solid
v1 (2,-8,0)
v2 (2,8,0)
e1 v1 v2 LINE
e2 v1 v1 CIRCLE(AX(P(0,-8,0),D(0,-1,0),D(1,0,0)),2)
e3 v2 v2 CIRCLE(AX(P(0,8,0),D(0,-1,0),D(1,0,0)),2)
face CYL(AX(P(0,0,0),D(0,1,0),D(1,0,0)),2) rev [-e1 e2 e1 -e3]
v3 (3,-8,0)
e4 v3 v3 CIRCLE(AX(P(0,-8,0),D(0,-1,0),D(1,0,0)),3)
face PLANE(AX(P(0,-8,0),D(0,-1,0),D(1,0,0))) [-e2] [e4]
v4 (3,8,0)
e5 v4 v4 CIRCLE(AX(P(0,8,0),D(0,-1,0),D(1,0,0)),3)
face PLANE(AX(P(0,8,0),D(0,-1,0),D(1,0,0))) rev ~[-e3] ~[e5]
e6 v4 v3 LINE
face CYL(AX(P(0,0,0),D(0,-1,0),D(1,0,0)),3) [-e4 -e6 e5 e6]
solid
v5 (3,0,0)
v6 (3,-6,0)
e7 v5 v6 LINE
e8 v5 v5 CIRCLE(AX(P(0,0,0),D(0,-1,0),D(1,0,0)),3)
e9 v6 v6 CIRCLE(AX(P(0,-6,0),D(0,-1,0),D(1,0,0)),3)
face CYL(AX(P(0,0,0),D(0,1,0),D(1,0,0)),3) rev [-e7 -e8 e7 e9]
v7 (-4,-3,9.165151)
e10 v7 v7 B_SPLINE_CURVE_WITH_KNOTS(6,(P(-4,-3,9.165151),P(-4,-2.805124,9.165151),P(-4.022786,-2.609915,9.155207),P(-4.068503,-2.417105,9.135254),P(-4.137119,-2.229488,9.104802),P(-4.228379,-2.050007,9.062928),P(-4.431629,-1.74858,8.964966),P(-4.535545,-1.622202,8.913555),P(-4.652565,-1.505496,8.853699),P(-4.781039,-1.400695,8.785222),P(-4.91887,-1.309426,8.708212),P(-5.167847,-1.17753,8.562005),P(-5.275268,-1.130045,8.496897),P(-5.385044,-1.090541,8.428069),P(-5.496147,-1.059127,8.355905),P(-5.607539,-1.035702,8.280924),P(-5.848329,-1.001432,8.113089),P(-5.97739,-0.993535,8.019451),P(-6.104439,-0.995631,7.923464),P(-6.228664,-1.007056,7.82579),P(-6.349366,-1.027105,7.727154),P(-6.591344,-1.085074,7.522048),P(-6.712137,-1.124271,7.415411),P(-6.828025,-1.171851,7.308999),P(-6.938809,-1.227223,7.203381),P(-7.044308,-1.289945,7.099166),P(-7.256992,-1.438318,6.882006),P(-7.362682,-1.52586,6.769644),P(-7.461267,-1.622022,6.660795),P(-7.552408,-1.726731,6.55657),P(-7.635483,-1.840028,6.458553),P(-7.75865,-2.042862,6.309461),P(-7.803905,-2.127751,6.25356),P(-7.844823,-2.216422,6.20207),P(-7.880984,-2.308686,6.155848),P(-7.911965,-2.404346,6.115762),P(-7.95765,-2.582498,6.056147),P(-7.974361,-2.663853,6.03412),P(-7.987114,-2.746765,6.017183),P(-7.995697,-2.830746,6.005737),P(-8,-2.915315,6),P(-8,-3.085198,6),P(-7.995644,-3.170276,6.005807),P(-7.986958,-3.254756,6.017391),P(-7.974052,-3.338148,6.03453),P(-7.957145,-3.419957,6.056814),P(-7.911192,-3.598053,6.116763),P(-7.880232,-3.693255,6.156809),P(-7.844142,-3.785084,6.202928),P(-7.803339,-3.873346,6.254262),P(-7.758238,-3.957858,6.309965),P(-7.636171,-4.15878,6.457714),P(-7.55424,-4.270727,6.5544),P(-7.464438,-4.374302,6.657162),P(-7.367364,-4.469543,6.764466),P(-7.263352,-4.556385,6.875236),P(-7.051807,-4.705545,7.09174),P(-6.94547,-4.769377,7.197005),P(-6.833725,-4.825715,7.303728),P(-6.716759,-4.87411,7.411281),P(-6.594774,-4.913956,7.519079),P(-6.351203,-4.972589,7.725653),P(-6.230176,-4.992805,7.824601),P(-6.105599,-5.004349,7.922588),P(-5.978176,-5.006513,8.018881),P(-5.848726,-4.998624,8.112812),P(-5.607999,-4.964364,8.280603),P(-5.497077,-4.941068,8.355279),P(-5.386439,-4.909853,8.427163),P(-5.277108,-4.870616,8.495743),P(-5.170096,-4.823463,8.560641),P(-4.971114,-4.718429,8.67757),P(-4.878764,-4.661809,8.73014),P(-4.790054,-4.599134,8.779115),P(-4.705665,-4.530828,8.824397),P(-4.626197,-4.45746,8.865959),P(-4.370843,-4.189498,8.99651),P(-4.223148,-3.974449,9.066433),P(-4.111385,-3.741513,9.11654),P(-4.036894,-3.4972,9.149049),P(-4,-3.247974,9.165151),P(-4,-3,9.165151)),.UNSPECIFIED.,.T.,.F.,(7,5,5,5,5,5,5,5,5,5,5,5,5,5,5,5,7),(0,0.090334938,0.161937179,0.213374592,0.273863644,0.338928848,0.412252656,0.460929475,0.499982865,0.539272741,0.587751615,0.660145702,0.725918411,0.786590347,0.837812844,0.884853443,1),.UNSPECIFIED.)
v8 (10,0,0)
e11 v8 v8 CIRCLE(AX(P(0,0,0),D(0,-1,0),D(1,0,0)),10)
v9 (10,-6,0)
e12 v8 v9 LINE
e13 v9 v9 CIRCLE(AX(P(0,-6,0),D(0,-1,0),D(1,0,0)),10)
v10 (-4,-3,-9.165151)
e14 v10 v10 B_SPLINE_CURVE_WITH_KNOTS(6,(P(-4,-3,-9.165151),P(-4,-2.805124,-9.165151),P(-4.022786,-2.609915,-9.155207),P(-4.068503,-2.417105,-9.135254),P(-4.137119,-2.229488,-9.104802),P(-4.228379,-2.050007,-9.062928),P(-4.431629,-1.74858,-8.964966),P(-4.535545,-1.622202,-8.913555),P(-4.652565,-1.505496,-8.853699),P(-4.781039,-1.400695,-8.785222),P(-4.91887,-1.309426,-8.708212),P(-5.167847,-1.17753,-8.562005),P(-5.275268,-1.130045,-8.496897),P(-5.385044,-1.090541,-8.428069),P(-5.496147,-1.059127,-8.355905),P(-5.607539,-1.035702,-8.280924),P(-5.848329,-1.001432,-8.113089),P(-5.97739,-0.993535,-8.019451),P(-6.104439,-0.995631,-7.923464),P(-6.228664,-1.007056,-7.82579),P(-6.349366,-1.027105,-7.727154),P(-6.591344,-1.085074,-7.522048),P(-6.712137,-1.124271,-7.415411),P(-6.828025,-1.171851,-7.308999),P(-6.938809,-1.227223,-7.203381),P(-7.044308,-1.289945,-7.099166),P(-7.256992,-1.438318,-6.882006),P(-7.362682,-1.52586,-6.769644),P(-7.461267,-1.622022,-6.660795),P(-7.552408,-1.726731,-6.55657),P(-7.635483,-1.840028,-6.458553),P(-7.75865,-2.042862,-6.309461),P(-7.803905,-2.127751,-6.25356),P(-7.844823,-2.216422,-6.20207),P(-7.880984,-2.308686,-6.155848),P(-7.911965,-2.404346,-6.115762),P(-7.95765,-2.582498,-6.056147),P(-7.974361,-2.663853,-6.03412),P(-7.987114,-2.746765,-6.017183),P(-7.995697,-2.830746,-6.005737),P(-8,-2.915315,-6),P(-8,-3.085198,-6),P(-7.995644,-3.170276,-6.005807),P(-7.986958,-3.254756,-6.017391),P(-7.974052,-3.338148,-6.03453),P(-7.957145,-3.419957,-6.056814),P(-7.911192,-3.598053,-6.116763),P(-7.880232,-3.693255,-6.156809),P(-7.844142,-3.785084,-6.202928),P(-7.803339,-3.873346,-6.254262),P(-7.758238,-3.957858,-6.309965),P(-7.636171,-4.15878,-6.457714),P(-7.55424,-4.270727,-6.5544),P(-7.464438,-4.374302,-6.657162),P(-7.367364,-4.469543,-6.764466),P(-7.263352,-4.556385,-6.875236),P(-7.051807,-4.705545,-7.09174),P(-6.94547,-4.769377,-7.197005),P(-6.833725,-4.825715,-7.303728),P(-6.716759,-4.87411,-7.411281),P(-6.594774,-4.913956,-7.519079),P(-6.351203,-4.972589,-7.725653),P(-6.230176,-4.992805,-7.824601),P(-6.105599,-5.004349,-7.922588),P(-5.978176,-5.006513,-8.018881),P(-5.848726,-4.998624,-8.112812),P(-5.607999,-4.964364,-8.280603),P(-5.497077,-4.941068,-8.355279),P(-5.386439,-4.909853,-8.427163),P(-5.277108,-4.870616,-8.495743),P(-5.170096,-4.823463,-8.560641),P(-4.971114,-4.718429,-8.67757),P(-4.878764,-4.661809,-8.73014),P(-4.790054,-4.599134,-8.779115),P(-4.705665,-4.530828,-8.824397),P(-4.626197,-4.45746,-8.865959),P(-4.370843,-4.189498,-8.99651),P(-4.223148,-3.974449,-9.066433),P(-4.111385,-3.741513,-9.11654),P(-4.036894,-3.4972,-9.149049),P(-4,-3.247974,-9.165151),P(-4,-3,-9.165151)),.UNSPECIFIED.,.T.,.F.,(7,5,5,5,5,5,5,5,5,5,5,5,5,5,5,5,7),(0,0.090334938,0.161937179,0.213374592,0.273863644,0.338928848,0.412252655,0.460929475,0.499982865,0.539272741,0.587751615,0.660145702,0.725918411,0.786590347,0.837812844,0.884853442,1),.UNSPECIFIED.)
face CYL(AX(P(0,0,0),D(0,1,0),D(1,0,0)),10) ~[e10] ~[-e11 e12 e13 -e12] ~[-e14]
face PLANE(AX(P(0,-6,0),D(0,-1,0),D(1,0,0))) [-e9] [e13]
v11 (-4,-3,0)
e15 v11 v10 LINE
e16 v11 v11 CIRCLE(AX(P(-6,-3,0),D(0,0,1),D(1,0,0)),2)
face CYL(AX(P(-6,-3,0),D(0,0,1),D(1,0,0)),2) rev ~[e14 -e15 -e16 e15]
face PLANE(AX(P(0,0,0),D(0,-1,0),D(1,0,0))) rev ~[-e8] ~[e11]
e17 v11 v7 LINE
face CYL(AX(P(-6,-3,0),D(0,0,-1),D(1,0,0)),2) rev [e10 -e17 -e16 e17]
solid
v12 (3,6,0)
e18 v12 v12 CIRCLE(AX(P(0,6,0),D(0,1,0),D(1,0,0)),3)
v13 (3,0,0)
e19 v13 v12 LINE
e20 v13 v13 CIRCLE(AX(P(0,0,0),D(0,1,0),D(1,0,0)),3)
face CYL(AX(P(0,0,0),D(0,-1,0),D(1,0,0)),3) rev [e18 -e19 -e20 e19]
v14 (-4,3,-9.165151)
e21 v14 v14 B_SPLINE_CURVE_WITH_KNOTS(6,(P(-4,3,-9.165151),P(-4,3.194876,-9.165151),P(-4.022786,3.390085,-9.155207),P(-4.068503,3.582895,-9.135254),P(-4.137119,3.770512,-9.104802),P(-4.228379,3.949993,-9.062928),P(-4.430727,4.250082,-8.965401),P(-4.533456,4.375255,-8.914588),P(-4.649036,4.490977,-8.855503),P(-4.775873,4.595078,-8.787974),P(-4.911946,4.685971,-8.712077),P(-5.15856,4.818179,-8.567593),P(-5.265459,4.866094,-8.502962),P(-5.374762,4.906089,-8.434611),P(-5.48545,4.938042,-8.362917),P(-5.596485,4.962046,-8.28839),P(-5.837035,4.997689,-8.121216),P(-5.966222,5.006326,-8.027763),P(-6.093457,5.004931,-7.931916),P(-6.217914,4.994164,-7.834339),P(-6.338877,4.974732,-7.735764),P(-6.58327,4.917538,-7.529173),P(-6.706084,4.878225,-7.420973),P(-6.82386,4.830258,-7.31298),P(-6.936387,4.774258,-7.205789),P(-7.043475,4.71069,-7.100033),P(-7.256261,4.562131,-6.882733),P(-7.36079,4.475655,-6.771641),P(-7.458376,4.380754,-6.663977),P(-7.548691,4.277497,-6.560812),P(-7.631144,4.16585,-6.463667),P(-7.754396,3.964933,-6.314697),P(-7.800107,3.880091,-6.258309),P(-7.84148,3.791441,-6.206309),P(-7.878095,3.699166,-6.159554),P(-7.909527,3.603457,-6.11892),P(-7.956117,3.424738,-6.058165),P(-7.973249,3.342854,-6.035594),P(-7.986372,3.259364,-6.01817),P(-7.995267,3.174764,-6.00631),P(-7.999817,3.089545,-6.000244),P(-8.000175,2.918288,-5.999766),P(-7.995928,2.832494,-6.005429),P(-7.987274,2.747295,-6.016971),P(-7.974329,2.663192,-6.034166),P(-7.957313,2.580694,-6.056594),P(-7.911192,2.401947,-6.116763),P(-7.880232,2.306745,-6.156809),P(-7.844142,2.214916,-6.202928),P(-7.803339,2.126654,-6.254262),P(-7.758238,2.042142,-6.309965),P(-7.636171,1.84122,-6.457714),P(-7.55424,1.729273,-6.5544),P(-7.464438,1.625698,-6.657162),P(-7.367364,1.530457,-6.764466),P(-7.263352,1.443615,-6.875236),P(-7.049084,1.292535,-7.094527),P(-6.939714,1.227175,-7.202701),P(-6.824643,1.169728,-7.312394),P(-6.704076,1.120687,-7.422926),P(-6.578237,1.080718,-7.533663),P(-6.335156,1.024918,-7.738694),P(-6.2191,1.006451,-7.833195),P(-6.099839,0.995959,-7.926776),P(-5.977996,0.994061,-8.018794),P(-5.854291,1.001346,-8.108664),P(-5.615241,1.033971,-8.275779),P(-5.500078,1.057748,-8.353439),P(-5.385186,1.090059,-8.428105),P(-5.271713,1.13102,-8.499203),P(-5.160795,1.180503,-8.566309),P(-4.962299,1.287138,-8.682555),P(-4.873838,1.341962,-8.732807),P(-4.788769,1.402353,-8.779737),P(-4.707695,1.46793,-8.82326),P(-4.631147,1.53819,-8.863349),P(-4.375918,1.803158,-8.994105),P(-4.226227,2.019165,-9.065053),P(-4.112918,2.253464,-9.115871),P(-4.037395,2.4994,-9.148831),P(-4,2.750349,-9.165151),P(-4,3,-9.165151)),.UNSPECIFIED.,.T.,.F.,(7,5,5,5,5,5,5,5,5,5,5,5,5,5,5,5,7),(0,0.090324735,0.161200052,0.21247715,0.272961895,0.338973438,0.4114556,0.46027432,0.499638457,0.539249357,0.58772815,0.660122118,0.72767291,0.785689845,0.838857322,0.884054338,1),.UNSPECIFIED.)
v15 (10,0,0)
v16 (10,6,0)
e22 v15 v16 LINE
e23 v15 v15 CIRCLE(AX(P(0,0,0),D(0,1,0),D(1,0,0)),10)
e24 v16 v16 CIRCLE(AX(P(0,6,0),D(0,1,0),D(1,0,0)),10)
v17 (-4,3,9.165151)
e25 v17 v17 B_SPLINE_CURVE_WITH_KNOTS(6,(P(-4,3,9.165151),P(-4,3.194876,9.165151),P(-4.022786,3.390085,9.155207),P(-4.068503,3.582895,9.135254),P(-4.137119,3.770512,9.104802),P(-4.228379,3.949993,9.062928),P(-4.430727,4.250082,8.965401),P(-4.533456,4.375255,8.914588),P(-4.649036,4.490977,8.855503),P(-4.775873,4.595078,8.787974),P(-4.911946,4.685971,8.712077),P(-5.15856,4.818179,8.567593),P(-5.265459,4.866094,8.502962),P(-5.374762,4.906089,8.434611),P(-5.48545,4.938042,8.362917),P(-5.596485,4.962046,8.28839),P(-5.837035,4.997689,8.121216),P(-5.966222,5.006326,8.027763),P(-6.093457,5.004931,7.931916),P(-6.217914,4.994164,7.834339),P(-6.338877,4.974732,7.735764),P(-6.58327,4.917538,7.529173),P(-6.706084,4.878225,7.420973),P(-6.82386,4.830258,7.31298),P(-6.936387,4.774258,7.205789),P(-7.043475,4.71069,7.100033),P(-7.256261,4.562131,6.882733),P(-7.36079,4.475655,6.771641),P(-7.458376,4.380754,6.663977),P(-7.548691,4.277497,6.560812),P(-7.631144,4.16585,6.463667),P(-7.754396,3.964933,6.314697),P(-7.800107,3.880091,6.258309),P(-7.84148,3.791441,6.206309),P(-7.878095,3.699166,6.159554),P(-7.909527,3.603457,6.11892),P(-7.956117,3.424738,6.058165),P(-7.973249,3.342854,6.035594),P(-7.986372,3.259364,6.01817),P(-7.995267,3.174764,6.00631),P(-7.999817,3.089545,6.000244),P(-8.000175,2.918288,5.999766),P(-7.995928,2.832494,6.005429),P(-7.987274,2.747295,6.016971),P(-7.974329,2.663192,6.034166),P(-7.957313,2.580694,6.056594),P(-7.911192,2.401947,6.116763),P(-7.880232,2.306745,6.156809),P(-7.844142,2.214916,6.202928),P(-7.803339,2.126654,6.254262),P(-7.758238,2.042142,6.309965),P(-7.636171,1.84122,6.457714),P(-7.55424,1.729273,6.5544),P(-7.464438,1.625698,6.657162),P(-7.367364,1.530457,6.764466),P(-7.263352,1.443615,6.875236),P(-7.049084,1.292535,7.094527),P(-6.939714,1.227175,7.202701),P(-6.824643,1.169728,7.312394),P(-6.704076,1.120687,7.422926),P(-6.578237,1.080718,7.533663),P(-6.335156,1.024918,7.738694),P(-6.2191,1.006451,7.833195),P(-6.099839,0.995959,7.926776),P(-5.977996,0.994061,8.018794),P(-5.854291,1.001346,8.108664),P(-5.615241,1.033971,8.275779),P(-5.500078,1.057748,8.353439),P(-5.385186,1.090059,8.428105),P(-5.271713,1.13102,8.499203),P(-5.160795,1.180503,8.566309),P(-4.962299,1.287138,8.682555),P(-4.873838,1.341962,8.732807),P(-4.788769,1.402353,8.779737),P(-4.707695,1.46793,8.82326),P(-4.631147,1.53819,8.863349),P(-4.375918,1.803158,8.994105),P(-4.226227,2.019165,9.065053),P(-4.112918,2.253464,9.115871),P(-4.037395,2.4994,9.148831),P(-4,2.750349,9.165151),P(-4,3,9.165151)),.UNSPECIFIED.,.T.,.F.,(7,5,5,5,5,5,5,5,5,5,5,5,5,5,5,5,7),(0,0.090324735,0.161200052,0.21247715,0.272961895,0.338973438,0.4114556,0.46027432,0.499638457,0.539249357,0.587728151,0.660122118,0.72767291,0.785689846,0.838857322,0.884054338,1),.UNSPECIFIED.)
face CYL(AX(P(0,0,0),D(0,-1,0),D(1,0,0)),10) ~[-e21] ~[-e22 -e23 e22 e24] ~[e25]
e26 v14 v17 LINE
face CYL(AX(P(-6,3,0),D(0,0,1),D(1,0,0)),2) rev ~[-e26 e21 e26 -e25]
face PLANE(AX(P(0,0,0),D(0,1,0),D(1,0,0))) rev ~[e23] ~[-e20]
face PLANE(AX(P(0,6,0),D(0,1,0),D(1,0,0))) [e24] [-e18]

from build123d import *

# Parameters (mm, degrees)
F0_R        = 3
F0_R_2      = 2
F1_DEPTH    = 8
F2_R        = 10
F2_R_2      = 3
F3_DEPTH    = 6
F3_FACE_R   = 10
F3_FACE_R_2 = 3
F4_DEPTH    = 6
F5_R        = 2
F6_DEPTH    = 12.5


with BuildPart() as f1:
    # F0 (on Front) → F1 (new body, symmetric)
    with BuildSketch(Plane.XZ):
        Circle(F0_R)
        Circle(F0_R_2, mode=Mode.SUBTRACT)
    extrude(amount=F1_DEPTH, both=True)


with BuildPart() as f3:
    # F2 (on Front) → F3 (new body)
    with BuildSketch(Plane.XZ):
        Circle(F2_R)
        Circle(F2_R_2, mode=Mode.SUBTRACT)
    extrude(amount=F3_DEPTH)


with BuildPart() as f4:
    # F3_face (on face) → F4 (new body)
    with BuildSketch(Plane(origin=(0, 0, 0), x_dir=(1, 0, 0), z_dir=(0, 1, 0))):
        Circle(F3_FACE_R)
        Circle(F3_FACE_R_2, mode=Mode.SUBTRACT)
    extrude(amount=F4_DEPTH)


with BuildPart() as f6_tool:
    # F5 (on Top) → F6 (new body, symmetric)
    with BuildSketch(Plane.XY):
        with Locations((-6, -3)):
            Circle(F5_R)
        with Locations((-6, 3)):
            Circle(F5_R)
    extrude(amount=F6_DEPTH, both=True)


with BuildPart() as f3_1:
    add(f3.part)

    # F6: cut by f6_tool
    add(f6_tool.part, mode=Mode.SUBTRACT)


with BuildPart() as f4_1:
    add(f4.part)

    # F6: cut by f6_tool
    add(f6_tool.part, mode=Mode.SUBTRACT)


solid = Compound([f1.part, f3_1.part, f4_1.part])
